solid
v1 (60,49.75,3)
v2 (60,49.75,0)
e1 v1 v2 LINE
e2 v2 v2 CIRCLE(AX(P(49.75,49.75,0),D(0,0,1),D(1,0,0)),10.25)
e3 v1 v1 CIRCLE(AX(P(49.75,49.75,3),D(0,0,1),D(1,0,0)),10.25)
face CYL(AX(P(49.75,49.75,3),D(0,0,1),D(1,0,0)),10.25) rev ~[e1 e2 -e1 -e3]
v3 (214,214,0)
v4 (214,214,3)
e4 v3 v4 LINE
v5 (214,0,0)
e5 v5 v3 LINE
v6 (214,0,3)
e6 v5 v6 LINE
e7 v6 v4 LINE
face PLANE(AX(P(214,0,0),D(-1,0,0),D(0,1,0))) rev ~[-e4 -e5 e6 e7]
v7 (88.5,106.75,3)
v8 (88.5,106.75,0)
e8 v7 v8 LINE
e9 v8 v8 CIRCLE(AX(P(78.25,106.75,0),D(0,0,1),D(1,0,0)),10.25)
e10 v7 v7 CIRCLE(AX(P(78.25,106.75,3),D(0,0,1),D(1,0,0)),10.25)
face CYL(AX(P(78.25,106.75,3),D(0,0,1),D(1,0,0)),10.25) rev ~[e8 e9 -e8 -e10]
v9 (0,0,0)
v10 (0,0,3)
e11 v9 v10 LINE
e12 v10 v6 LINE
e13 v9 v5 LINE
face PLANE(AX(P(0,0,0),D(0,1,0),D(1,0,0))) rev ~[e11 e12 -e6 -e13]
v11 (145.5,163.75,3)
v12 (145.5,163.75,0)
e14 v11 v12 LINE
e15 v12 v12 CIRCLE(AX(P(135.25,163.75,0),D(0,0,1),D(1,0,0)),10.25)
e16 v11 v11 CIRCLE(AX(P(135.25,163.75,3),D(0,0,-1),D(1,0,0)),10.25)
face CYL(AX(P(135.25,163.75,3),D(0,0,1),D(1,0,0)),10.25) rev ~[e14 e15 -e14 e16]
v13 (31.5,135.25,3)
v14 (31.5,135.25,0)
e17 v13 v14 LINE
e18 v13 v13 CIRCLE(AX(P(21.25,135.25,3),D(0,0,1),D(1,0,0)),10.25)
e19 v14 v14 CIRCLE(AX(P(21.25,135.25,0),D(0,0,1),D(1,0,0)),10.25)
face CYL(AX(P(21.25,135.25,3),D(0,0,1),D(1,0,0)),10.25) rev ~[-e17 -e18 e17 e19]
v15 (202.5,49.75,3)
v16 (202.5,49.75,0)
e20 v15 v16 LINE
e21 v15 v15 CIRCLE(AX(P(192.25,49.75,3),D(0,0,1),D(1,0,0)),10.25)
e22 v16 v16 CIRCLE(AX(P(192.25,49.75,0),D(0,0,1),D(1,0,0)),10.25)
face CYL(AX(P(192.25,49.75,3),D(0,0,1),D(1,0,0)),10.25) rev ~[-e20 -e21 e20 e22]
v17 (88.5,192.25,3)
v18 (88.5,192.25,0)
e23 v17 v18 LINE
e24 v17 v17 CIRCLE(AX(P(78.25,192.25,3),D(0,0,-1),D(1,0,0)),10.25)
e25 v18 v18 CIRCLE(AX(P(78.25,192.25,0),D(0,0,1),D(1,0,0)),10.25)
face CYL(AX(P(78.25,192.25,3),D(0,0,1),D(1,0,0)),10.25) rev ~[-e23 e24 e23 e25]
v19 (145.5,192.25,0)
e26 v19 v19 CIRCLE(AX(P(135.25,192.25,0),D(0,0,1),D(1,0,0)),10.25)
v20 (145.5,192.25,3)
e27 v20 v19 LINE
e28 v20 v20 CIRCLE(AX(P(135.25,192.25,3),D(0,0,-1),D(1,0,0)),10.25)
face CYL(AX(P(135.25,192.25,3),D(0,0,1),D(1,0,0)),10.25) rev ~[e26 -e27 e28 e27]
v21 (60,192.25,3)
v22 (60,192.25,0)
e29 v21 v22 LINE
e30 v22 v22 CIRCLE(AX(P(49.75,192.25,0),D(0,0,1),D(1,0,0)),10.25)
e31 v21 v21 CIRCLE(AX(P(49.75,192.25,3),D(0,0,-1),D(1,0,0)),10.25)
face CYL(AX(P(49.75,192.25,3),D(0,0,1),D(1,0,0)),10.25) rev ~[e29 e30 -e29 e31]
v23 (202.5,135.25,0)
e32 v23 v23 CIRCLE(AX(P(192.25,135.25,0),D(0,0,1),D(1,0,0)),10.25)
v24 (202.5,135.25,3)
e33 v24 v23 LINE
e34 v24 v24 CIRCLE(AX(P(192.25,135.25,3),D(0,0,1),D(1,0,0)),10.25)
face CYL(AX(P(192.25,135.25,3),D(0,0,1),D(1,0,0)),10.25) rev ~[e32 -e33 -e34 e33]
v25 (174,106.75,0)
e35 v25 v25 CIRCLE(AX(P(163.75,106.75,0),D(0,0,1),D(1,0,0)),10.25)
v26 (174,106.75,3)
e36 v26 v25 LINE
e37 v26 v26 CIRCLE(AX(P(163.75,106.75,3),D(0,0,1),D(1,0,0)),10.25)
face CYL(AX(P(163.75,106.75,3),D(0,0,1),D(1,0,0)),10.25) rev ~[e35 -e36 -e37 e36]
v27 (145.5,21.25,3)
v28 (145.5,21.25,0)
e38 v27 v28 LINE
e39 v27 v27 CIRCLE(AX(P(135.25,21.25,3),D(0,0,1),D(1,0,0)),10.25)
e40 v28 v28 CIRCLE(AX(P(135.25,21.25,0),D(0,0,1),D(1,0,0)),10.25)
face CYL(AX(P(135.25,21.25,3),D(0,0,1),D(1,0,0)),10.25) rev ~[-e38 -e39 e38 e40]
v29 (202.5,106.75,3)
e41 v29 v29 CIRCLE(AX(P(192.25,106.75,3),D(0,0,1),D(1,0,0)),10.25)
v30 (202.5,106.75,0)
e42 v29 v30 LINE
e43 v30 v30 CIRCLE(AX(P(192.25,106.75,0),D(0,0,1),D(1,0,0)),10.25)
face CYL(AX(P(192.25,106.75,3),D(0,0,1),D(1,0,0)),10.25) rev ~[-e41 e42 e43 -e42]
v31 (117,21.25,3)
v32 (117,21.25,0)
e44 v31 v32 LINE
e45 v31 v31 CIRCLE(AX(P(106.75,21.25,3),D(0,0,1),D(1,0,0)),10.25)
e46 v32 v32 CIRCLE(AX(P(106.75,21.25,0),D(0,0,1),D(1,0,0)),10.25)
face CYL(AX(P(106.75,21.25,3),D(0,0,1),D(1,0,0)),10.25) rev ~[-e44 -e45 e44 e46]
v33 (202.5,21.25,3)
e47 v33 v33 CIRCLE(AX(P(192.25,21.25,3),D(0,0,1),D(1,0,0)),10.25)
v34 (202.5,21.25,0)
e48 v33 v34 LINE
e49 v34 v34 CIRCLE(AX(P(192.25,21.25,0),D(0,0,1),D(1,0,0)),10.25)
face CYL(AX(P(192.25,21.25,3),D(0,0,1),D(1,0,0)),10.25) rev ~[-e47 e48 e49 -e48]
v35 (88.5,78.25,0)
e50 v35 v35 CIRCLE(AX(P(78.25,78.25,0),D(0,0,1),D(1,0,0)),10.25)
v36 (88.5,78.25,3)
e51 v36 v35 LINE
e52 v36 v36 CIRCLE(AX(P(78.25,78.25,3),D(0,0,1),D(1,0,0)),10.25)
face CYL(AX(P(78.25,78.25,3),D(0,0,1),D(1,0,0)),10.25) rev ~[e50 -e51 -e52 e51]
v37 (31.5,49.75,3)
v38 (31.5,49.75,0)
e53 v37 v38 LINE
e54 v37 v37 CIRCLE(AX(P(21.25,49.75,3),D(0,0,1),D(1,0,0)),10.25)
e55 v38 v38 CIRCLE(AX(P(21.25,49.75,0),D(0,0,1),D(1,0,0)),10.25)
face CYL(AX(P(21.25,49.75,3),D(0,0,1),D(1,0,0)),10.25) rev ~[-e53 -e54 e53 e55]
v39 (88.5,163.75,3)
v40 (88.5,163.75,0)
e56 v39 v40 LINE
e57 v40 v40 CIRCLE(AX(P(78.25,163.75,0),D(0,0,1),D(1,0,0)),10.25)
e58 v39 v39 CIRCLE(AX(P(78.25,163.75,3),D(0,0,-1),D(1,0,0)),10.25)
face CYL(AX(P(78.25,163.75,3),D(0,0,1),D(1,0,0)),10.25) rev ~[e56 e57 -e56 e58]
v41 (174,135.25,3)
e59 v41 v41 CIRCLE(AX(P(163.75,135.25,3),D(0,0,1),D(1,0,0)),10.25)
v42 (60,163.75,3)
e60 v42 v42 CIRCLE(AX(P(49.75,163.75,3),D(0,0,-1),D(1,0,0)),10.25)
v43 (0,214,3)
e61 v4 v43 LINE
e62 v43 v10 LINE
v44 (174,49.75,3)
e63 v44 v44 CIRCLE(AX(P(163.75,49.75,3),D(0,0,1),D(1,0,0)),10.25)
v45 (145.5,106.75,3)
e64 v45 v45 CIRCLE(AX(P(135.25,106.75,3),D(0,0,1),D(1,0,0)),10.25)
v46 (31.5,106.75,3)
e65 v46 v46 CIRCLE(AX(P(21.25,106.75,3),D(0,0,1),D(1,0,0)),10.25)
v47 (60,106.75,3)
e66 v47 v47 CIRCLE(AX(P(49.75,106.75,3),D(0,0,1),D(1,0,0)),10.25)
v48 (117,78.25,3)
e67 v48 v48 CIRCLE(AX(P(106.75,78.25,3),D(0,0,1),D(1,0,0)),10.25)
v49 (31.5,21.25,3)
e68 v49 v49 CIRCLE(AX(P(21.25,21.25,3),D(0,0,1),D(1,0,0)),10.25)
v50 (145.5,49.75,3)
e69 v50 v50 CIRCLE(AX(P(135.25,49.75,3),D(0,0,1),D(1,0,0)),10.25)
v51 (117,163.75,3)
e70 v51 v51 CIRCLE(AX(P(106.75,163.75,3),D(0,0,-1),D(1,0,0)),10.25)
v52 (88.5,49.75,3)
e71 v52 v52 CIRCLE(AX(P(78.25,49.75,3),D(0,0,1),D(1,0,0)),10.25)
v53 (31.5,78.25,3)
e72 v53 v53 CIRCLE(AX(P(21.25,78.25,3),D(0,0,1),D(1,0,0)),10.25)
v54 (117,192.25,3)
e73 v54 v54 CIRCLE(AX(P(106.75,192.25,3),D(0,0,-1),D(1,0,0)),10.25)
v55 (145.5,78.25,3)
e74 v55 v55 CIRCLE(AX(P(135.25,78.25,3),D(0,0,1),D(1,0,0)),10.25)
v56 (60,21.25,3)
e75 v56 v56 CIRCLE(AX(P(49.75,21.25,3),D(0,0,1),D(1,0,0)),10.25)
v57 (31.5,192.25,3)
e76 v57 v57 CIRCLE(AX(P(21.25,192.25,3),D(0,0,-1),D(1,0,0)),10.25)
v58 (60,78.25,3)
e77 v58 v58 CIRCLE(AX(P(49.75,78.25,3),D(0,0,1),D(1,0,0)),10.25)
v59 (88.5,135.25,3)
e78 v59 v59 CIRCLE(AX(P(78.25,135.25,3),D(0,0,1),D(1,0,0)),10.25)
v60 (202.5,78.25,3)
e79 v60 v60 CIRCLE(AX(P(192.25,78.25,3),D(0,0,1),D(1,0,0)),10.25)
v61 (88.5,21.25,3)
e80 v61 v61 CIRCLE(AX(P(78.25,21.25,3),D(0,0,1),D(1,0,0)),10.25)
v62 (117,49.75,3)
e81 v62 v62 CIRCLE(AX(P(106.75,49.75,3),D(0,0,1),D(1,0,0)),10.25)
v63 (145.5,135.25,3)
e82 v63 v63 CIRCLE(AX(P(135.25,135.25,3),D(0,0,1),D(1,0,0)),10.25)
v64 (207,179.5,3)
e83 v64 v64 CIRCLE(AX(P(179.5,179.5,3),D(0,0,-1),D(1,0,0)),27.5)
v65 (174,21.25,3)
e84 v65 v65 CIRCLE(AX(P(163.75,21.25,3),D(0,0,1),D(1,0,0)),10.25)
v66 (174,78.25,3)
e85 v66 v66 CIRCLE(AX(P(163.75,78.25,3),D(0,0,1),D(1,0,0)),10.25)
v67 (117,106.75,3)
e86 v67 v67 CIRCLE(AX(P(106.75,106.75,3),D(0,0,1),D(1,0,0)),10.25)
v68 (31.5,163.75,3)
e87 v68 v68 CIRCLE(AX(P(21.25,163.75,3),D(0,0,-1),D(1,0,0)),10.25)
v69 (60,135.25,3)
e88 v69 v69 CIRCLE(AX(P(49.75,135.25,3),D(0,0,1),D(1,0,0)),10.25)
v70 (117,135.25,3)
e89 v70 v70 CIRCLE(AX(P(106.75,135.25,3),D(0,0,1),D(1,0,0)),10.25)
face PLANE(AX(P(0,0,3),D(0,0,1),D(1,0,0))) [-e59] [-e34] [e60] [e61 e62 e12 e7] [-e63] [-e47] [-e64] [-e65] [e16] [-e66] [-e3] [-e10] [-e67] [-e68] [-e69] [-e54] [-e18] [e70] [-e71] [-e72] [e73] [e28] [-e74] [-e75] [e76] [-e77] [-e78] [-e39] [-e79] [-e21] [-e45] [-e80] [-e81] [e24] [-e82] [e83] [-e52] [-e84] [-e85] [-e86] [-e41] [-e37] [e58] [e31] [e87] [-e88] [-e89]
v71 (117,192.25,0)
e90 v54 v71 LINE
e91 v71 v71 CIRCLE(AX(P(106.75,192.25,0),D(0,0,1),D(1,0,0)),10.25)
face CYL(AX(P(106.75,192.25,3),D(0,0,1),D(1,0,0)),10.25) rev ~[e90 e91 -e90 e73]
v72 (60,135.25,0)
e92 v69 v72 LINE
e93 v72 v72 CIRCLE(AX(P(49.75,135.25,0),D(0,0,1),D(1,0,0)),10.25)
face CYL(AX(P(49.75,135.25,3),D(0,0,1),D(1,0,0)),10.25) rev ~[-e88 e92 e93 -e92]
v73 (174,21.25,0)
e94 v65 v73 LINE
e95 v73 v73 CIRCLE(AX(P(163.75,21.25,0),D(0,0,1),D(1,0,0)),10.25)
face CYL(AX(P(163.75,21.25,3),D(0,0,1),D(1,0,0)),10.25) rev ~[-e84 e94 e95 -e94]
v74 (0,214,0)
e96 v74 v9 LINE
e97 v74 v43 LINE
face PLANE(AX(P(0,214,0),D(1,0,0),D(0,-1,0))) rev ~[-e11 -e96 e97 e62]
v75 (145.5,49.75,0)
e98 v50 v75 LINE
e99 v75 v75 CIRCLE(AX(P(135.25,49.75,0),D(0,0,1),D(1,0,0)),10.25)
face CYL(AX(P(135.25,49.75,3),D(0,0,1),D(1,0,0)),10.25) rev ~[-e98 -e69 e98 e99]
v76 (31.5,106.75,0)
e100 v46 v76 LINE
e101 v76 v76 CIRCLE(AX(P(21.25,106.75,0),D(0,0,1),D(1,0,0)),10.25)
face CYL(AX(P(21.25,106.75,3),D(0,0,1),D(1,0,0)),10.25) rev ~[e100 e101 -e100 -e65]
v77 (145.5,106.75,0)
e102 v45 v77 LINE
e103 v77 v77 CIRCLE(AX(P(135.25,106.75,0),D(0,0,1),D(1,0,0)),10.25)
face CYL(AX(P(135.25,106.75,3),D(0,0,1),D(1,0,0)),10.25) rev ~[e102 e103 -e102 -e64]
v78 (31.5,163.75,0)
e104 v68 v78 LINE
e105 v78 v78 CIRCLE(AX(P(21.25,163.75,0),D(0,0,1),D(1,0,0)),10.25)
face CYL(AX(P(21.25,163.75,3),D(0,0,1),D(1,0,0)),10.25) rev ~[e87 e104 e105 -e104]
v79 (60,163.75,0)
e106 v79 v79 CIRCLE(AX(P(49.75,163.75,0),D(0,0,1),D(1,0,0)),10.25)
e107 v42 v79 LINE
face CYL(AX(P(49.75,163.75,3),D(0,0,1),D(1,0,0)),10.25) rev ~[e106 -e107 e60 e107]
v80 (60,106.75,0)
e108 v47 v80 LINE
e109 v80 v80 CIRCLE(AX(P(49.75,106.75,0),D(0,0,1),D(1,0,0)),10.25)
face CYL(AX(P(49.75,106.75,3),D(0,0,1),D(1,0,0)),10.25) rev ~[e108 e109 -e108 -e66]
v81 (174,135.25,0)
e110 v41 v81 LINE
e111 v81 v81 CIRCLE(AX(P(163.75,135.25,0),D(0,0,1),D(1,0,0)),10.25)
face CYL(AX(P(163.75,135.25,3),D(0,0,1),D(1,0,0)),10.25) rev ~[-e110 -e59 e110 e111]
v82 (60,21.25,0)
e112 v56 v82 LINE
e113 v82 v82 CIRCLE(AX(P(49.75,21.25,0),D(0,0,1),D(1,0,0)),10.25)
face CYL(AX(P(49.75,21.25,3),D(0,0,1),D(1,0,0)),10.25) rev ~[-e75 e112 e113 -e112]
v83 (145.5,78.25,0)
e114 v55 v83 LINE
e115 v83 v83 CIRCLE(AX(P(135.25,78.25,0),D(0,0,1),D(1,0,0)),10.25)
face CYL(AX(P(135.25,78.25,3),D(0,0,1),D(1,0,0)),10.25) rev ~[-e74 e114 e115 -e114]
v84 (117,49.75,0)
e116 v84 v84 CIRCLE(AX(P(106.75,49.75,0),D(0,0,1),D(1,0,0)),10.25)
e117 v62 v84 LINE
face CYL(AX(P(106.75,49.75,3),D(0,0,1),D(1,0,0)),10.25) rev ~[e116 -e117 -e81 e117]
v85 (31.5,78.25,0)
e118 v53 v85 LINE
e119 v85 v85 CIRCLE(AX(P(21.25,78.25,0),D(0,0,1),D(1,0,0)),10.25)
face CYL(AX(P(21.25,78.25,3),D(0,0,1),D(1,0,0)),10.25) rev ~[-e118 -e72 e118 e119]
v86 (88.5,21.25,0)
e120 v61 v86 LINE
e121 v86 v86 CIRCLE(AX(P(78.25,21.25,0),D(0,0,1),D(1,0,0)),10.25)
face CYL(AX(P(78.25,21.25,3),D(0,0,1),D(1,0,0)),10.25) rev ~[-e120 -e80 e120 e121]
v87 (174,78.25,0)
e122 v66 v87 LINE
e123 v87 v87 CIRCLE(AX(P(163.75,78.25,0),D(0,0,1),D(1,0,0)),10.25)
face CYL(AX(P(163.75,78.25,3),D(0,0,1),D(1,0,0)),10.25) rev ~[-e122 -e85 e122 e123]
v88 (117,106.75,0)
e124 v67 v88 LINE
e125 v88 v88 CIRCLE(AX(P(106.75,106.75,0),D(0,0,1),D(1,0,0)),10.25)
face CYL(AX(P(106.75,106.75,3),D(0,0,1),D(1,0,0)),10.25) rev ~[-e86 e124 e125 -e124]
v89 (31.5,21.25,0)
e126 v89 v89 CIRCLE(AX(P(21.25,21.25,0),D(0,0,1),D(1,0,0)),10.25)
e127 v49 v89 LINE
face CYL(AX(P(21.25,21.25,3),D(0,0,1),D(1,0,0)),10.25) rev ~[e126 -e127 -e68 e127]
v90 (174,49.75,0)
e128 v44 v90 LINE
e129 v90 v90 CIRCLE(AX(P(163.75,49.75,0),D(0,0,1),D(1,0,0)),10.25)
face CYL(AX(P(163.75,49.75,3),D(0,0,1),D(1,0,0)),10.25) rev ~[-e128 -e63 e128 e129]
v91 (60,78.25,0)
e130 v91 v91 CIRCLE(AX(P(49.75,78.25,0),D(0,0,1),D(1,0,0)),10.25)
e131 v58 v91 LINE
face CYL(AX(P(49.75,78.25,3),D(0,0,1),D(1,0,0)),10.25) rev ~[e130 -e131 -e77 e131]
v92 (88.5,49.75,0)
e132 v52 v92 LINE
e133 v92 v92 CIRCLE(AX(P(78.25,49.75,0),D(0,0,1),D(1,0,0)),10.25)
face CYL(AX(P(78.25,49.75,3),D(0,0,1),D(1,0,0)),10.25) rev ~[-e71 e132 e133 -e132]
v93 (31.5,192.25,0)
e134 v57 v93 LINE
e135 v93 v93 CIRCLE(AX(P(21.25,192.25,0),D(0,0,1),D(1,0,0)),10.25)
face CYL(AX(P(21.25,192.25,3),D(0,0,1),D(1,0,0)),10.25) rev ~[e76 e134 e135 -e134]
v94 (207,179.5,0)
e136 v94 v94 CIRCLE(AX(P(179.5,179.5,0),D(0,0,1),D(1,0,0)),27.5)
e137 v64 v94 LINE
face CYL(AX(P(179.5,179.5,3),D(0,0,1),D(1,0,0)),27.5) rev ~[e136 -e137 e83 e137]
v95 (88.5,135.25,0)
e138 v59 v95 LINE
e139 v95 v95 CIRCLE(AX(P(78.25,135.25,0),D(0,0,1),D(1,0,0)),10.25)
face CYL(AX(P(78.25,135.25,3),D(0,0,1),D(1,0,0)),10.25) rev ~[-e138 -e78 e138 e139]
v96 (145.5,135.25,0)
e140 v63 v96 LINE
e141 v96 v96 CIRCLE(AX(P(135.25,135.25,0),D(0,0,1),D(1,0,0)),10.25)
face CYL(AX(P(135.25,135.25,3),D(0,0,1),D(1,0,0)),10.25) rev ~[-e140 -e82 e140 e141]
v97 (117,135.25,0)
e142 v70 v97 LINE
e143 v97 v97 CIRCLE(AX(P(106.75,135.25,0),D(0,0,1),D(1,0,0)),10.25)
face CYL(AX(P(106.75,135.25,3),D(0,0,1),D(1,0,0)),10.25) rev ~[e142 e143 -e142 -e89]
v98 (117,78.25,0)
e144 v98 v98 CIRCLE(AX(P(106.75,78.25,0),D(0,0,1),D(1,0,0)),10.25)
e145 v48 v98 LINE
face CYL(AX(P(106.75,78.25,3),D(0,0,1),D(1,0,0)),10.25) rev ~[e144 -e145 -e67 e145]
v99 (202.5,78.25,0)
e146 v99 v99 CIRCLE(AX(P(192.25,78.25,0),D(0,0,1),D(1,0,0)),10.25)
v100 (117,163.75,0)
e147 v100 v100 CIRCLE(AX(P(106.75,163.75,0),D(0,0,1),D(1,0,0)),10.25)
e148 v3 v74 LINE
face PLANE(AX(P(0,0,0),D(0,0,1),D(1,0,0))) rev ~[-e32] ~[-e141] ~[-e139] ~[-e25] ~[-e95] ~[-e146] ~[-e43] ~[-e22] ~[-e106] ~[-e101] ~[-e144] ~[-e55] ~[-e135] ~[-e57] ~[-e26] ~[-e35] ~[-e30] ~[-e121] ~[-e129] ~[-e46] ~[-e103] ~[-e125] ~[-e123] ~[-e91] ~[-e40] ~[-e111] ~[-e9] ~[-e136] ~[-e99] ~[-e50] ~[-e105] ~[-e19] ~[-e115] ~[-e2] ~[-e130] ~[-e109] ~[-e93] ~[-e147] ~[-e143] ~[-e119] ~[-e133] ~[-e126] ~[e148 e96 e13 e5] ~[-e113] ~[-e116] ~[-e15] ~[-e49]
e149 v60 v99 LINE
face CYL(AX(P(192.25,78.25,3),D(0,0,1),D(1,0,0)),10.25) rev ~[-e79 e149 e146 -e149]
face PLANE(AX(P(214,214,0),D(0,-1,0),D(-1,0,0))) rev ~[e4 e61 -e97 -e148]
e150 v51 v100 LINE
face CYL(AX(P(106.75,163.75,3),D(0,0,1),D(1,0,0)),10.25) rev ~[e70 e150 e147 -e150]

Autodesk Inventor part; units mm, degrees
ref_plane "YZ Plane" through (0, 0, 0) normal (1, 0, 0) x (0, 1, 0)
ref_plane "XZ Plane" through (0, 0, 0) normal (0, 1, 0) x (-1, 0, 0)
ref_plane "XY Plane" through (0, 0, 0) normal (0, 0, 1) x (1, 0, 0)
sketch "Sketch1" plane through (0, 0, 0) normal (0, 0, 1) x (1, 0, 0)
  line L0 (0, 0) -> (214, 0)
  line L1 (214, 0) -> (214, 214)
  line L2 (214, 214) -> (0, 214)
  line L3 (0, 214) -> (0, 0)
  dimension "d0" = 214
  dimension "d1" = 214
extrude "Extrusion1" add sketch "Sketch1" along normal blind 3
sketch "Sketch2" plane through (0, 0, 3) normal (0, 0, 1) x (1, 0, 0)
  line L0 (207, 207) -> (7, 207)
  line L1 (7, 207) -> (7, 7)
  line L2 (7, 7) -> (207, 7)
  line L3 (207, 7) -> (207, 207)
  line L4 (207, 207) -> (7, 7) construction
  line L5 (7, 207) -> (207, 7) construction
  line L6 (7, 7) -> (35.5, 7)
  line L7 (35.5, 7) -> (35.5, 35.5)
  line L8 (35.5, 35.5) -> (7, 35.5)
  line L9 (7, 35.5) -> (7, 7)
  circle A0 centre (21.25, 21.25) radius 10.25
  point P0 (0, 0)
  point P1 (107, 107)
  dimension "d4" = 200
  dimension "d5" = 200
  dimension "d6" = 28.5
  dimension "d7" = 28.5
  dimension "d8" = 20.5
extrude "Extrusion2" cut sketch "Sketch2" against normal blind 3 contours A0
pattern_linear "Rectangular Pattern1" count 7 spacing 28.5 along (1, 0, 0) count 5 spacing 28.5 along (0, 1, 0) of "Extrusion2"
sketch "Sketch3" plane through (0, 0, 3) normal (0, 0, 1) x (1, 0, 0)
  circle A0 centre (21.25, 135.25) radius 10.25 projected
  line L0 (21.25, 135.25) -> (21.25, 163.75)
  circle A1 centre (21.25, 163.75) radius 10.25
  point P0 (0, 0)
  dimension "d17" = 28.5
  dimension "d18" = 20.5
extrude "Extrusion3" cut sketch "Sketch3" against normal blind 3 contours A1
pattern_linear "Rectangular Pattern2" count 5 spacing 28.5 along (1, 0, 0) count 2 spacing 28.5 along (0, 1, 0) of "Extrusion3"
sketch "Sketch4" plane through (0, 0, 3) normal (0, 0, 1) x (1, 0, 0)
  line L0 (7, 7) -> (207, 7)
  line L1 (207, 7) -> (207, 207)
  line L2 (207, 207) -> (7, 207)
  line L3 (7, 207) -> (7, 7)
  line L4 (7, 7) -> (207, 207) construction
  line L5 (207, 7) -> (7, 207) construction
  line L6 (207, 207) -> (152, 207)
  line L7 (152, 207) -> (152, 152)
  line L8 (152, 152) -> (207, 152)
  line L9 (207, 152) -> (207, 207)
  circle A0 centre (179.5, 179.5) radius 27.5
  point P0 (0, 0)
  point P1 (107, 107)
  dimension "d27" = 200
  dimension "d28" = 200
  dimension "d29" = 55
  dimension "d30" = 55
extrude "Extrusion4" cut sketch "Sketch4" against normal blind 3 contours A0
properties part number "inert indsats plade"
